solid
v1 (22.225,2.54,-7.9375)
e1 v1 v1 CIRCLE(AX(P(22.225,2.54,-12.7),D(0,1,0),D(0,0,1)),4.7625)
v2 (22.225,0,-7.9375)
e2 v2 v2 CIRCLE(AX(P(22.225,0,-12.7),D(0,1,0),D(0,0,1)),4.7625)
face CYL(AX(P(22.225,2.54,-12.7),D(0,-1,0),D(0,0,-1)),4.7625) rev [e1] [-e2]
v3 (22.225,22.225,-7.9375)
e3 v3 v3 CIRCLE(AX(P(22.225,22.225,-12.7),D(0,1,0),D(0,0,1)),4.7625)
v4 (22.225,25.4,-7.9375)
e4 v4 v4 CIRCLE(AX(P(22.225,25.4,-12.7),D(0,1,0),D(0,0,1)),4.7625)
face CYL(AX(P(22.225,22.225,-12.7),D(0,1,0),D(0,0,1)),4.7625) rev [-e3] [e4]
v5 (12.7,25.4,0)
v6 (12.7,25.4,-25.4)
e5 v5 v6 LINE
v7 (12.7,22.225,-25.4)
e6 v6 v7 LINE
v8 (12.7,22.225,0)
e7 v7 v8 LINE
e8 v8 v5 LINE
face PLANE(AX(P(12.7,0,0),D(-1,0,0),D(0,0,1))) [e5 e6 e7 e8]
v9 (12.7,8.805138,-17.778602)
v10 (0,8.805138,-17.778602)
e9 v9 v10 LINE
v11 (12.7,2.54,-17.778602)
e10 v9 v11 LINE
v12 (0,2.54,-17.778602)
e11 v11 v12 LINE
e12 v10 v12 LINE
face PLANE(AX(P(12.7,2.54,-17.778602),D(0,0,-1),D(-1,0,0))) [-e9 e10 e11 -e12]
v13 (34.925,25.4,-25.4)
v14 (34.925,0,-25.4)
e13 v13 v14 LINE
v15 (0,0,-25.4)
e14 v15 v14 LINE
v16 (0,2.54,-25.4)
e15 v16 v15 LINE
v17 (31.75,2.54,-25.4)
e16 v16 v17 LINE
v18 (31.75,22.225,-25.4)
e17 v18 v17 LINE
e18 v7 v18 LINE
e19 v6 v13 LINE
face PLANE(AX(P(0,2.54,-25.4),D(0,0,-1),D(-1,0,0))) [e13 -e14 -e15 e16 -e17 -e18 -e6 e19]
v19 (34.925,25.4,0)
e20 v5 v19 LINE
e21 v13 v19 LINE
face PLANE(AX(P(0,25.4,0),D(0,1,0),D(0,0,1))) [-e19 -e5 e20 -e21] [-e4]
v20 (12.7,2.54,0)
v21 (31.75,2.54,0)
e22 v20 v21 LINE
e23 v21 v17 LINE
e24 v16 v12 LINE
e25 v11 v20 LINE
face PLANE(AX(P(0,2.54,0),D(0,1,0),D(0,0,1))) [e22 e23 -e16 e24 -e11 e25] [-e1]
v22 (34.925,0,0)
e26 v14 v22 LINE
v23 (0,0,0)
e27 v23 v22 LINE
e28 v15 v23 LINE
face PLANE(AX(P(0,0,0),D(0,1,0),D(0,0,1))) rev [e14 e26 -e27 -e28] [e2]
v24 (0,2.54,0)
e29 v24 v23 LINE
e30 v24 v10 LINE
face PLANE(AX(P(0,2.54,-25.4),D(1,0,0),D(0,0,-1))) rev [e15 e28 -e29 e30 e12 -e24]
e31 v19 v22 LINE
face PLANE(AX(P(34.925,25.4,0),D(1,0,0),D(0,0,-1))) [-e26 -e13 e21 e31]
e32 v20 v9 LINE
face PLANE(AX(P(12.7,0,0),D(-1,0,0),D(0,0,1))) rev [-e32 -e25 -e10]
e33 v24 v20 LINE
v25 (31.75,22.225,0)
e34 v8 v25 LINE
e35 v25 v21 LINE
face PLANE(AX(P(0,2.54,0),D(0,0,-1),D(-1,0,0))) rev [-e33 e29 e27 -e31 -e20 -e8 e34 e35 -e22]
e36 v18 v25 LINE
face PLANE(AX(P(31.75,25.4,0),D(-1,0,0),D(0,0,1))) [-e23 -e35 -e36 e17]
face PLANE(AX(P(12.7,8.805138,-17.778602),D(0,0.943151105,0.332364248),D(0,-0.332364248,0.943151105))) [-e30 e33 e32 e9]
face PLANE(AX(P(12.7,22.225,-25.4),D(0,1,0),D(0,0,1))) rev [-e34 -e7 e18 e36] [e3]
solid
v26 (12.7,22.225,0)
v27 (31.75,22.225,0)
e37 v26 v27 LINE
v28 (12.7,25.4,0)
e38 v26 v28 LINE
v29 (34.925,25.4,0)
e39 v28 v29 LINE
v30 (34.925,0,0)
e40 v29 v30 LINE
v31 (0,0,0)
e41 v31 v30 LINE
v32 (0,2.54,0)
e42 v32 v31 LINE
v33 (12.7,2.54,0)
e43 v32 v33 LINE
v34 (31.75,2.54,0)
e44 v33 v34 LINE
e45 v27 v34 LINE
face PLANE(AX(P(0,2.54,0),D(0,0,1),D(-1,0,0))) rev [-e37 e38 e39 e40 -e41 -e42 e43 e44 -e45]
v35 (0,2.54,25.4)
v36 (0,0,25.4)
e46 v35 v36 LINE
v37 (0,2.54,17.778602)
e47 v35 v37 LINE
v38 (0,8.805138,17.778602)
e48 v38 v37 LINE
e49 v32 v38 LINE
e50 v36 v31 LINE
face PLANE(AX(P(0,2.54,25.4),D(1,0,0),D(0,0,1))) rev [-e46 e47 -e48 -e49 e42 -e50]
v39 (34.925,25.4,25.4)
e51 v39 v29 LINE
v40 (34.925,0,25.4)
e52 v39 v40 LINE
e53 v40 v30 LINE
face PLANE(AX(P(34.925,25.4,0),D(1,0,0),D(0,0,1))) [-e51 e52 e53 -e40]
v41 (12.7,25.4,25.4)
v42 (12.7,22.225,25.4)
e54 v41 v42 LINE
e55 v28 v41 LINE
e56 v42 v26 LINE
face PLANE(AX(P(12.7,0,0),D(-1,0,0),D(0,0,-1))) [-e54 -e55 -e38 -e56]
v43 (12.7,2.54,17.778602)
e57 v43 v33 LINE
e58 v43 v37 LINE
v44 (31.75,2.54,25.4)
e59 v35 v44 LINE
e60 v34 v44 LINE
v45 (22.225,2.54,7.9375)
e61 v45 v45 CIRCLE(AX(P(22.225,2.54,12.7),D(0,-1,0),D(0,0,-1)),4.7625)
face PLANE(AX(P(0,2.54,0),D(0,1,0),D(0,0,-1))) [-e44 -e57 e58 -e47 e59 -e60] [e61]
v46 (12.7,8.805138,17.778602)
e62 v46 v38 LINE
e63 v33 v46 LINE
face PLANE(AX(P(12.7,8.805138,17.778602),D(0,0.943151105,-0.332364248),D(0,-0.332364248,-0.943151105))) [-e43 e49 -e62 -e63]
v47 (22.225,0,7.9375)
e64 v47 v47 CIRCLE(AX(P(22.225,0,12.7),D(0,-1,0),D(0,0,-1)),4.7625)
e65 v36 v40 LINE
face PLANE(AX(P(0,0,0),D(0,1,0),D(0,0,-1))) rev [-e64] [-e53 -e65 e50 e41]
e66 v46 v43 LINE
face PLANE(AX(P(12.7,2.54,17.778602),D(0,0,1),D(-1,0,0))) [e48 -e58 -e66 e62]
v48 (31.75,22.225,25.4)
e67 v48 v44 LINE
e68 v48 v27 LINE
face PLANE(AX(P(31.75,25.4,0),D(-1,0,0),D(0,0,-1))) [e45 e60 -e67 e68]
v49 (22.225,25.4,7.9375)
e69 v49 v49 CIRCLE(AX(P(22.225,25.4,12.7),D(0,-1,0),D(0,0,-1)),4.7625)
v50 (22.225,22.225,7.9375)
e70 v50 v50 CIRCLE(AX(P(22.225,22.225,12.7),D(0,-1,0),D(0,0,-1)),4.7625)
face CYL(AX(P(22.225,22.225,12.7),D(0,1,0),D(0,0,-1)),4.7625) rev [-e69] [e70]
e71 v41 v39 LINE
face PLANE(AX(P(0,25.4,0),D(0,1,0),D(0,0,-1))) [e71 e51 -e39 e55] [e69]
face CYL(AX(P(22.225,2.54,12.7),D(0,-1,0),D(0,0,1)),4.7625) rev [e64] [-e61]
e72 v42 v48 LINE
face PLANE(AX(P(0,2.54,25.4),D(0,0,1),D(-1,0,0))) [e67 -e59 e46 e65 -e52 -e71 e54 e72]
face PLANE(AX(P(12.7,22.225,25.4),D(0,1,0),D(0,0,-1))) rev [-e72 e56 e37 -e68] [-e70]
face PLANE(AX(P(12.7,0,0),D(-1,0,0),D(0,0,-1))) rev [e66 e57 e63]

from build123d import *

# Parameters (mm, degrees)
SKETCH1_W           = 31.75
SKETCH1_H           = 25.4
SKETCH1_R           = 4.7625
BOSS_EXTRUDE1_DEPTH = 2.54
SKETCH1_3_W         = 12.7
SKETCH1_3_H         = 17.655412268
BOSS_EXTRUDE2_DEPTH = 2.54
SKETCH1_4_W         = 3.175
SKETCH1_4_H         = 25.4
BOSS_EXTRUDE3_DEPTH = 25.4
SKETCH2_W           = 25.4
SKETCH2_H           = 3.175
BOSS_EXTRUDE4_DEPTH = 19.05
CUT_EXTRUDE1_START  = -3.175
SKETCH4_R           = 4.7625
CUT_EXTRUDE1_DEPTH  = 3.175
BOSS_EXTRUDE5_DEPTH = 12.7


with BuildPart() as part:
    # Sketch1 → Boss-Extrude1 (new body)
    with BuildSketch(Plane(origin=(0, 0, 0), x_dir=(1, 0, 0), z_dir=(0, 1, 0))):
        with Locations((15.875, 12.7)):
            Rectangle(SKETCH1_W, SKETCH1_H)
        with Locations((22.225, 12.7)):
            Circle(SKETCH1_R, mode=Mode.SUBTRACT)
    extrude(amount=BOSS_EXTRUDE1_DEPTH)

    # Sketch1<3> → Boss-Extrude2 (add)
    with BuildSketch(Plane(origin=(0, 0, 0), x_dir=(1, 0, 0), z_dir=(0, 1, 0))):
        with Locations((6.35, 8.827706134)):
            Rectangle(SKETCH1_3_W, SKETCH1_3_H)
    extrude(amount=BOSS_EXTRUDE2_DEPTH)

    # Sketch1<4> → Boss-Extrude3 (add)
    with BuildSketch(Plane(origin=(0, 0, 0), x_dir=(1, 0, 0), z_dir=(0, 1, 0))):
        with Locations((33.3375, 12.7)):
            Rectangle(SKETCH1_4_W, SKETCH1_4_H)
    extrude(amount=BOSS_EXTRUDE3_DEPTH)

    # Sketch2 → Boss-Extrude4 (add)
    with BuildSketch(Plane.ZY.offset(-31.75)):
        with Locations((-12.7, 23.8125)):
            Rectangle(SKETCH2_W, SKETCH2_H)
    extrude(amount=BOSS_EXTRUDE4_DEPTH)

    # Sketch4 → Cut-Extrude1 (cut)
    with BuildSketch(Plane(origin=(0, 25.4, 0), x_dir=(1, 0, 0), z_dir=(0, 1, 0)).offset(CUT_EXTRUDE1_START)):
        with Locations((22.225, 12.7)):
            Circle(SKETCH4_R)
    extrude(amount=CUT_EXTRUDE1_DEPTH, mode=Mode.SUBTRACT)

    # Sketch16 → Boss-Extrude5 (add)
    with BuildSketch(Plane.ZY):
        Polygon((-17.778601637, 2.54), (-17.778601637, 8.805137728), (0, 2.54), align=None)
    extrude(amount=-BOSS_EXTRUDE5_DEPTH)


with BuildPart() as body_2:
    # Mirror3: mirrored copy
    add(part.part.mirror(Plane(origin=(0, 2.54, 0), x_dir=(1, 0, 0), z_dir=(0, 0, -1))))


solid = Compound([part.part, body_2.part])
